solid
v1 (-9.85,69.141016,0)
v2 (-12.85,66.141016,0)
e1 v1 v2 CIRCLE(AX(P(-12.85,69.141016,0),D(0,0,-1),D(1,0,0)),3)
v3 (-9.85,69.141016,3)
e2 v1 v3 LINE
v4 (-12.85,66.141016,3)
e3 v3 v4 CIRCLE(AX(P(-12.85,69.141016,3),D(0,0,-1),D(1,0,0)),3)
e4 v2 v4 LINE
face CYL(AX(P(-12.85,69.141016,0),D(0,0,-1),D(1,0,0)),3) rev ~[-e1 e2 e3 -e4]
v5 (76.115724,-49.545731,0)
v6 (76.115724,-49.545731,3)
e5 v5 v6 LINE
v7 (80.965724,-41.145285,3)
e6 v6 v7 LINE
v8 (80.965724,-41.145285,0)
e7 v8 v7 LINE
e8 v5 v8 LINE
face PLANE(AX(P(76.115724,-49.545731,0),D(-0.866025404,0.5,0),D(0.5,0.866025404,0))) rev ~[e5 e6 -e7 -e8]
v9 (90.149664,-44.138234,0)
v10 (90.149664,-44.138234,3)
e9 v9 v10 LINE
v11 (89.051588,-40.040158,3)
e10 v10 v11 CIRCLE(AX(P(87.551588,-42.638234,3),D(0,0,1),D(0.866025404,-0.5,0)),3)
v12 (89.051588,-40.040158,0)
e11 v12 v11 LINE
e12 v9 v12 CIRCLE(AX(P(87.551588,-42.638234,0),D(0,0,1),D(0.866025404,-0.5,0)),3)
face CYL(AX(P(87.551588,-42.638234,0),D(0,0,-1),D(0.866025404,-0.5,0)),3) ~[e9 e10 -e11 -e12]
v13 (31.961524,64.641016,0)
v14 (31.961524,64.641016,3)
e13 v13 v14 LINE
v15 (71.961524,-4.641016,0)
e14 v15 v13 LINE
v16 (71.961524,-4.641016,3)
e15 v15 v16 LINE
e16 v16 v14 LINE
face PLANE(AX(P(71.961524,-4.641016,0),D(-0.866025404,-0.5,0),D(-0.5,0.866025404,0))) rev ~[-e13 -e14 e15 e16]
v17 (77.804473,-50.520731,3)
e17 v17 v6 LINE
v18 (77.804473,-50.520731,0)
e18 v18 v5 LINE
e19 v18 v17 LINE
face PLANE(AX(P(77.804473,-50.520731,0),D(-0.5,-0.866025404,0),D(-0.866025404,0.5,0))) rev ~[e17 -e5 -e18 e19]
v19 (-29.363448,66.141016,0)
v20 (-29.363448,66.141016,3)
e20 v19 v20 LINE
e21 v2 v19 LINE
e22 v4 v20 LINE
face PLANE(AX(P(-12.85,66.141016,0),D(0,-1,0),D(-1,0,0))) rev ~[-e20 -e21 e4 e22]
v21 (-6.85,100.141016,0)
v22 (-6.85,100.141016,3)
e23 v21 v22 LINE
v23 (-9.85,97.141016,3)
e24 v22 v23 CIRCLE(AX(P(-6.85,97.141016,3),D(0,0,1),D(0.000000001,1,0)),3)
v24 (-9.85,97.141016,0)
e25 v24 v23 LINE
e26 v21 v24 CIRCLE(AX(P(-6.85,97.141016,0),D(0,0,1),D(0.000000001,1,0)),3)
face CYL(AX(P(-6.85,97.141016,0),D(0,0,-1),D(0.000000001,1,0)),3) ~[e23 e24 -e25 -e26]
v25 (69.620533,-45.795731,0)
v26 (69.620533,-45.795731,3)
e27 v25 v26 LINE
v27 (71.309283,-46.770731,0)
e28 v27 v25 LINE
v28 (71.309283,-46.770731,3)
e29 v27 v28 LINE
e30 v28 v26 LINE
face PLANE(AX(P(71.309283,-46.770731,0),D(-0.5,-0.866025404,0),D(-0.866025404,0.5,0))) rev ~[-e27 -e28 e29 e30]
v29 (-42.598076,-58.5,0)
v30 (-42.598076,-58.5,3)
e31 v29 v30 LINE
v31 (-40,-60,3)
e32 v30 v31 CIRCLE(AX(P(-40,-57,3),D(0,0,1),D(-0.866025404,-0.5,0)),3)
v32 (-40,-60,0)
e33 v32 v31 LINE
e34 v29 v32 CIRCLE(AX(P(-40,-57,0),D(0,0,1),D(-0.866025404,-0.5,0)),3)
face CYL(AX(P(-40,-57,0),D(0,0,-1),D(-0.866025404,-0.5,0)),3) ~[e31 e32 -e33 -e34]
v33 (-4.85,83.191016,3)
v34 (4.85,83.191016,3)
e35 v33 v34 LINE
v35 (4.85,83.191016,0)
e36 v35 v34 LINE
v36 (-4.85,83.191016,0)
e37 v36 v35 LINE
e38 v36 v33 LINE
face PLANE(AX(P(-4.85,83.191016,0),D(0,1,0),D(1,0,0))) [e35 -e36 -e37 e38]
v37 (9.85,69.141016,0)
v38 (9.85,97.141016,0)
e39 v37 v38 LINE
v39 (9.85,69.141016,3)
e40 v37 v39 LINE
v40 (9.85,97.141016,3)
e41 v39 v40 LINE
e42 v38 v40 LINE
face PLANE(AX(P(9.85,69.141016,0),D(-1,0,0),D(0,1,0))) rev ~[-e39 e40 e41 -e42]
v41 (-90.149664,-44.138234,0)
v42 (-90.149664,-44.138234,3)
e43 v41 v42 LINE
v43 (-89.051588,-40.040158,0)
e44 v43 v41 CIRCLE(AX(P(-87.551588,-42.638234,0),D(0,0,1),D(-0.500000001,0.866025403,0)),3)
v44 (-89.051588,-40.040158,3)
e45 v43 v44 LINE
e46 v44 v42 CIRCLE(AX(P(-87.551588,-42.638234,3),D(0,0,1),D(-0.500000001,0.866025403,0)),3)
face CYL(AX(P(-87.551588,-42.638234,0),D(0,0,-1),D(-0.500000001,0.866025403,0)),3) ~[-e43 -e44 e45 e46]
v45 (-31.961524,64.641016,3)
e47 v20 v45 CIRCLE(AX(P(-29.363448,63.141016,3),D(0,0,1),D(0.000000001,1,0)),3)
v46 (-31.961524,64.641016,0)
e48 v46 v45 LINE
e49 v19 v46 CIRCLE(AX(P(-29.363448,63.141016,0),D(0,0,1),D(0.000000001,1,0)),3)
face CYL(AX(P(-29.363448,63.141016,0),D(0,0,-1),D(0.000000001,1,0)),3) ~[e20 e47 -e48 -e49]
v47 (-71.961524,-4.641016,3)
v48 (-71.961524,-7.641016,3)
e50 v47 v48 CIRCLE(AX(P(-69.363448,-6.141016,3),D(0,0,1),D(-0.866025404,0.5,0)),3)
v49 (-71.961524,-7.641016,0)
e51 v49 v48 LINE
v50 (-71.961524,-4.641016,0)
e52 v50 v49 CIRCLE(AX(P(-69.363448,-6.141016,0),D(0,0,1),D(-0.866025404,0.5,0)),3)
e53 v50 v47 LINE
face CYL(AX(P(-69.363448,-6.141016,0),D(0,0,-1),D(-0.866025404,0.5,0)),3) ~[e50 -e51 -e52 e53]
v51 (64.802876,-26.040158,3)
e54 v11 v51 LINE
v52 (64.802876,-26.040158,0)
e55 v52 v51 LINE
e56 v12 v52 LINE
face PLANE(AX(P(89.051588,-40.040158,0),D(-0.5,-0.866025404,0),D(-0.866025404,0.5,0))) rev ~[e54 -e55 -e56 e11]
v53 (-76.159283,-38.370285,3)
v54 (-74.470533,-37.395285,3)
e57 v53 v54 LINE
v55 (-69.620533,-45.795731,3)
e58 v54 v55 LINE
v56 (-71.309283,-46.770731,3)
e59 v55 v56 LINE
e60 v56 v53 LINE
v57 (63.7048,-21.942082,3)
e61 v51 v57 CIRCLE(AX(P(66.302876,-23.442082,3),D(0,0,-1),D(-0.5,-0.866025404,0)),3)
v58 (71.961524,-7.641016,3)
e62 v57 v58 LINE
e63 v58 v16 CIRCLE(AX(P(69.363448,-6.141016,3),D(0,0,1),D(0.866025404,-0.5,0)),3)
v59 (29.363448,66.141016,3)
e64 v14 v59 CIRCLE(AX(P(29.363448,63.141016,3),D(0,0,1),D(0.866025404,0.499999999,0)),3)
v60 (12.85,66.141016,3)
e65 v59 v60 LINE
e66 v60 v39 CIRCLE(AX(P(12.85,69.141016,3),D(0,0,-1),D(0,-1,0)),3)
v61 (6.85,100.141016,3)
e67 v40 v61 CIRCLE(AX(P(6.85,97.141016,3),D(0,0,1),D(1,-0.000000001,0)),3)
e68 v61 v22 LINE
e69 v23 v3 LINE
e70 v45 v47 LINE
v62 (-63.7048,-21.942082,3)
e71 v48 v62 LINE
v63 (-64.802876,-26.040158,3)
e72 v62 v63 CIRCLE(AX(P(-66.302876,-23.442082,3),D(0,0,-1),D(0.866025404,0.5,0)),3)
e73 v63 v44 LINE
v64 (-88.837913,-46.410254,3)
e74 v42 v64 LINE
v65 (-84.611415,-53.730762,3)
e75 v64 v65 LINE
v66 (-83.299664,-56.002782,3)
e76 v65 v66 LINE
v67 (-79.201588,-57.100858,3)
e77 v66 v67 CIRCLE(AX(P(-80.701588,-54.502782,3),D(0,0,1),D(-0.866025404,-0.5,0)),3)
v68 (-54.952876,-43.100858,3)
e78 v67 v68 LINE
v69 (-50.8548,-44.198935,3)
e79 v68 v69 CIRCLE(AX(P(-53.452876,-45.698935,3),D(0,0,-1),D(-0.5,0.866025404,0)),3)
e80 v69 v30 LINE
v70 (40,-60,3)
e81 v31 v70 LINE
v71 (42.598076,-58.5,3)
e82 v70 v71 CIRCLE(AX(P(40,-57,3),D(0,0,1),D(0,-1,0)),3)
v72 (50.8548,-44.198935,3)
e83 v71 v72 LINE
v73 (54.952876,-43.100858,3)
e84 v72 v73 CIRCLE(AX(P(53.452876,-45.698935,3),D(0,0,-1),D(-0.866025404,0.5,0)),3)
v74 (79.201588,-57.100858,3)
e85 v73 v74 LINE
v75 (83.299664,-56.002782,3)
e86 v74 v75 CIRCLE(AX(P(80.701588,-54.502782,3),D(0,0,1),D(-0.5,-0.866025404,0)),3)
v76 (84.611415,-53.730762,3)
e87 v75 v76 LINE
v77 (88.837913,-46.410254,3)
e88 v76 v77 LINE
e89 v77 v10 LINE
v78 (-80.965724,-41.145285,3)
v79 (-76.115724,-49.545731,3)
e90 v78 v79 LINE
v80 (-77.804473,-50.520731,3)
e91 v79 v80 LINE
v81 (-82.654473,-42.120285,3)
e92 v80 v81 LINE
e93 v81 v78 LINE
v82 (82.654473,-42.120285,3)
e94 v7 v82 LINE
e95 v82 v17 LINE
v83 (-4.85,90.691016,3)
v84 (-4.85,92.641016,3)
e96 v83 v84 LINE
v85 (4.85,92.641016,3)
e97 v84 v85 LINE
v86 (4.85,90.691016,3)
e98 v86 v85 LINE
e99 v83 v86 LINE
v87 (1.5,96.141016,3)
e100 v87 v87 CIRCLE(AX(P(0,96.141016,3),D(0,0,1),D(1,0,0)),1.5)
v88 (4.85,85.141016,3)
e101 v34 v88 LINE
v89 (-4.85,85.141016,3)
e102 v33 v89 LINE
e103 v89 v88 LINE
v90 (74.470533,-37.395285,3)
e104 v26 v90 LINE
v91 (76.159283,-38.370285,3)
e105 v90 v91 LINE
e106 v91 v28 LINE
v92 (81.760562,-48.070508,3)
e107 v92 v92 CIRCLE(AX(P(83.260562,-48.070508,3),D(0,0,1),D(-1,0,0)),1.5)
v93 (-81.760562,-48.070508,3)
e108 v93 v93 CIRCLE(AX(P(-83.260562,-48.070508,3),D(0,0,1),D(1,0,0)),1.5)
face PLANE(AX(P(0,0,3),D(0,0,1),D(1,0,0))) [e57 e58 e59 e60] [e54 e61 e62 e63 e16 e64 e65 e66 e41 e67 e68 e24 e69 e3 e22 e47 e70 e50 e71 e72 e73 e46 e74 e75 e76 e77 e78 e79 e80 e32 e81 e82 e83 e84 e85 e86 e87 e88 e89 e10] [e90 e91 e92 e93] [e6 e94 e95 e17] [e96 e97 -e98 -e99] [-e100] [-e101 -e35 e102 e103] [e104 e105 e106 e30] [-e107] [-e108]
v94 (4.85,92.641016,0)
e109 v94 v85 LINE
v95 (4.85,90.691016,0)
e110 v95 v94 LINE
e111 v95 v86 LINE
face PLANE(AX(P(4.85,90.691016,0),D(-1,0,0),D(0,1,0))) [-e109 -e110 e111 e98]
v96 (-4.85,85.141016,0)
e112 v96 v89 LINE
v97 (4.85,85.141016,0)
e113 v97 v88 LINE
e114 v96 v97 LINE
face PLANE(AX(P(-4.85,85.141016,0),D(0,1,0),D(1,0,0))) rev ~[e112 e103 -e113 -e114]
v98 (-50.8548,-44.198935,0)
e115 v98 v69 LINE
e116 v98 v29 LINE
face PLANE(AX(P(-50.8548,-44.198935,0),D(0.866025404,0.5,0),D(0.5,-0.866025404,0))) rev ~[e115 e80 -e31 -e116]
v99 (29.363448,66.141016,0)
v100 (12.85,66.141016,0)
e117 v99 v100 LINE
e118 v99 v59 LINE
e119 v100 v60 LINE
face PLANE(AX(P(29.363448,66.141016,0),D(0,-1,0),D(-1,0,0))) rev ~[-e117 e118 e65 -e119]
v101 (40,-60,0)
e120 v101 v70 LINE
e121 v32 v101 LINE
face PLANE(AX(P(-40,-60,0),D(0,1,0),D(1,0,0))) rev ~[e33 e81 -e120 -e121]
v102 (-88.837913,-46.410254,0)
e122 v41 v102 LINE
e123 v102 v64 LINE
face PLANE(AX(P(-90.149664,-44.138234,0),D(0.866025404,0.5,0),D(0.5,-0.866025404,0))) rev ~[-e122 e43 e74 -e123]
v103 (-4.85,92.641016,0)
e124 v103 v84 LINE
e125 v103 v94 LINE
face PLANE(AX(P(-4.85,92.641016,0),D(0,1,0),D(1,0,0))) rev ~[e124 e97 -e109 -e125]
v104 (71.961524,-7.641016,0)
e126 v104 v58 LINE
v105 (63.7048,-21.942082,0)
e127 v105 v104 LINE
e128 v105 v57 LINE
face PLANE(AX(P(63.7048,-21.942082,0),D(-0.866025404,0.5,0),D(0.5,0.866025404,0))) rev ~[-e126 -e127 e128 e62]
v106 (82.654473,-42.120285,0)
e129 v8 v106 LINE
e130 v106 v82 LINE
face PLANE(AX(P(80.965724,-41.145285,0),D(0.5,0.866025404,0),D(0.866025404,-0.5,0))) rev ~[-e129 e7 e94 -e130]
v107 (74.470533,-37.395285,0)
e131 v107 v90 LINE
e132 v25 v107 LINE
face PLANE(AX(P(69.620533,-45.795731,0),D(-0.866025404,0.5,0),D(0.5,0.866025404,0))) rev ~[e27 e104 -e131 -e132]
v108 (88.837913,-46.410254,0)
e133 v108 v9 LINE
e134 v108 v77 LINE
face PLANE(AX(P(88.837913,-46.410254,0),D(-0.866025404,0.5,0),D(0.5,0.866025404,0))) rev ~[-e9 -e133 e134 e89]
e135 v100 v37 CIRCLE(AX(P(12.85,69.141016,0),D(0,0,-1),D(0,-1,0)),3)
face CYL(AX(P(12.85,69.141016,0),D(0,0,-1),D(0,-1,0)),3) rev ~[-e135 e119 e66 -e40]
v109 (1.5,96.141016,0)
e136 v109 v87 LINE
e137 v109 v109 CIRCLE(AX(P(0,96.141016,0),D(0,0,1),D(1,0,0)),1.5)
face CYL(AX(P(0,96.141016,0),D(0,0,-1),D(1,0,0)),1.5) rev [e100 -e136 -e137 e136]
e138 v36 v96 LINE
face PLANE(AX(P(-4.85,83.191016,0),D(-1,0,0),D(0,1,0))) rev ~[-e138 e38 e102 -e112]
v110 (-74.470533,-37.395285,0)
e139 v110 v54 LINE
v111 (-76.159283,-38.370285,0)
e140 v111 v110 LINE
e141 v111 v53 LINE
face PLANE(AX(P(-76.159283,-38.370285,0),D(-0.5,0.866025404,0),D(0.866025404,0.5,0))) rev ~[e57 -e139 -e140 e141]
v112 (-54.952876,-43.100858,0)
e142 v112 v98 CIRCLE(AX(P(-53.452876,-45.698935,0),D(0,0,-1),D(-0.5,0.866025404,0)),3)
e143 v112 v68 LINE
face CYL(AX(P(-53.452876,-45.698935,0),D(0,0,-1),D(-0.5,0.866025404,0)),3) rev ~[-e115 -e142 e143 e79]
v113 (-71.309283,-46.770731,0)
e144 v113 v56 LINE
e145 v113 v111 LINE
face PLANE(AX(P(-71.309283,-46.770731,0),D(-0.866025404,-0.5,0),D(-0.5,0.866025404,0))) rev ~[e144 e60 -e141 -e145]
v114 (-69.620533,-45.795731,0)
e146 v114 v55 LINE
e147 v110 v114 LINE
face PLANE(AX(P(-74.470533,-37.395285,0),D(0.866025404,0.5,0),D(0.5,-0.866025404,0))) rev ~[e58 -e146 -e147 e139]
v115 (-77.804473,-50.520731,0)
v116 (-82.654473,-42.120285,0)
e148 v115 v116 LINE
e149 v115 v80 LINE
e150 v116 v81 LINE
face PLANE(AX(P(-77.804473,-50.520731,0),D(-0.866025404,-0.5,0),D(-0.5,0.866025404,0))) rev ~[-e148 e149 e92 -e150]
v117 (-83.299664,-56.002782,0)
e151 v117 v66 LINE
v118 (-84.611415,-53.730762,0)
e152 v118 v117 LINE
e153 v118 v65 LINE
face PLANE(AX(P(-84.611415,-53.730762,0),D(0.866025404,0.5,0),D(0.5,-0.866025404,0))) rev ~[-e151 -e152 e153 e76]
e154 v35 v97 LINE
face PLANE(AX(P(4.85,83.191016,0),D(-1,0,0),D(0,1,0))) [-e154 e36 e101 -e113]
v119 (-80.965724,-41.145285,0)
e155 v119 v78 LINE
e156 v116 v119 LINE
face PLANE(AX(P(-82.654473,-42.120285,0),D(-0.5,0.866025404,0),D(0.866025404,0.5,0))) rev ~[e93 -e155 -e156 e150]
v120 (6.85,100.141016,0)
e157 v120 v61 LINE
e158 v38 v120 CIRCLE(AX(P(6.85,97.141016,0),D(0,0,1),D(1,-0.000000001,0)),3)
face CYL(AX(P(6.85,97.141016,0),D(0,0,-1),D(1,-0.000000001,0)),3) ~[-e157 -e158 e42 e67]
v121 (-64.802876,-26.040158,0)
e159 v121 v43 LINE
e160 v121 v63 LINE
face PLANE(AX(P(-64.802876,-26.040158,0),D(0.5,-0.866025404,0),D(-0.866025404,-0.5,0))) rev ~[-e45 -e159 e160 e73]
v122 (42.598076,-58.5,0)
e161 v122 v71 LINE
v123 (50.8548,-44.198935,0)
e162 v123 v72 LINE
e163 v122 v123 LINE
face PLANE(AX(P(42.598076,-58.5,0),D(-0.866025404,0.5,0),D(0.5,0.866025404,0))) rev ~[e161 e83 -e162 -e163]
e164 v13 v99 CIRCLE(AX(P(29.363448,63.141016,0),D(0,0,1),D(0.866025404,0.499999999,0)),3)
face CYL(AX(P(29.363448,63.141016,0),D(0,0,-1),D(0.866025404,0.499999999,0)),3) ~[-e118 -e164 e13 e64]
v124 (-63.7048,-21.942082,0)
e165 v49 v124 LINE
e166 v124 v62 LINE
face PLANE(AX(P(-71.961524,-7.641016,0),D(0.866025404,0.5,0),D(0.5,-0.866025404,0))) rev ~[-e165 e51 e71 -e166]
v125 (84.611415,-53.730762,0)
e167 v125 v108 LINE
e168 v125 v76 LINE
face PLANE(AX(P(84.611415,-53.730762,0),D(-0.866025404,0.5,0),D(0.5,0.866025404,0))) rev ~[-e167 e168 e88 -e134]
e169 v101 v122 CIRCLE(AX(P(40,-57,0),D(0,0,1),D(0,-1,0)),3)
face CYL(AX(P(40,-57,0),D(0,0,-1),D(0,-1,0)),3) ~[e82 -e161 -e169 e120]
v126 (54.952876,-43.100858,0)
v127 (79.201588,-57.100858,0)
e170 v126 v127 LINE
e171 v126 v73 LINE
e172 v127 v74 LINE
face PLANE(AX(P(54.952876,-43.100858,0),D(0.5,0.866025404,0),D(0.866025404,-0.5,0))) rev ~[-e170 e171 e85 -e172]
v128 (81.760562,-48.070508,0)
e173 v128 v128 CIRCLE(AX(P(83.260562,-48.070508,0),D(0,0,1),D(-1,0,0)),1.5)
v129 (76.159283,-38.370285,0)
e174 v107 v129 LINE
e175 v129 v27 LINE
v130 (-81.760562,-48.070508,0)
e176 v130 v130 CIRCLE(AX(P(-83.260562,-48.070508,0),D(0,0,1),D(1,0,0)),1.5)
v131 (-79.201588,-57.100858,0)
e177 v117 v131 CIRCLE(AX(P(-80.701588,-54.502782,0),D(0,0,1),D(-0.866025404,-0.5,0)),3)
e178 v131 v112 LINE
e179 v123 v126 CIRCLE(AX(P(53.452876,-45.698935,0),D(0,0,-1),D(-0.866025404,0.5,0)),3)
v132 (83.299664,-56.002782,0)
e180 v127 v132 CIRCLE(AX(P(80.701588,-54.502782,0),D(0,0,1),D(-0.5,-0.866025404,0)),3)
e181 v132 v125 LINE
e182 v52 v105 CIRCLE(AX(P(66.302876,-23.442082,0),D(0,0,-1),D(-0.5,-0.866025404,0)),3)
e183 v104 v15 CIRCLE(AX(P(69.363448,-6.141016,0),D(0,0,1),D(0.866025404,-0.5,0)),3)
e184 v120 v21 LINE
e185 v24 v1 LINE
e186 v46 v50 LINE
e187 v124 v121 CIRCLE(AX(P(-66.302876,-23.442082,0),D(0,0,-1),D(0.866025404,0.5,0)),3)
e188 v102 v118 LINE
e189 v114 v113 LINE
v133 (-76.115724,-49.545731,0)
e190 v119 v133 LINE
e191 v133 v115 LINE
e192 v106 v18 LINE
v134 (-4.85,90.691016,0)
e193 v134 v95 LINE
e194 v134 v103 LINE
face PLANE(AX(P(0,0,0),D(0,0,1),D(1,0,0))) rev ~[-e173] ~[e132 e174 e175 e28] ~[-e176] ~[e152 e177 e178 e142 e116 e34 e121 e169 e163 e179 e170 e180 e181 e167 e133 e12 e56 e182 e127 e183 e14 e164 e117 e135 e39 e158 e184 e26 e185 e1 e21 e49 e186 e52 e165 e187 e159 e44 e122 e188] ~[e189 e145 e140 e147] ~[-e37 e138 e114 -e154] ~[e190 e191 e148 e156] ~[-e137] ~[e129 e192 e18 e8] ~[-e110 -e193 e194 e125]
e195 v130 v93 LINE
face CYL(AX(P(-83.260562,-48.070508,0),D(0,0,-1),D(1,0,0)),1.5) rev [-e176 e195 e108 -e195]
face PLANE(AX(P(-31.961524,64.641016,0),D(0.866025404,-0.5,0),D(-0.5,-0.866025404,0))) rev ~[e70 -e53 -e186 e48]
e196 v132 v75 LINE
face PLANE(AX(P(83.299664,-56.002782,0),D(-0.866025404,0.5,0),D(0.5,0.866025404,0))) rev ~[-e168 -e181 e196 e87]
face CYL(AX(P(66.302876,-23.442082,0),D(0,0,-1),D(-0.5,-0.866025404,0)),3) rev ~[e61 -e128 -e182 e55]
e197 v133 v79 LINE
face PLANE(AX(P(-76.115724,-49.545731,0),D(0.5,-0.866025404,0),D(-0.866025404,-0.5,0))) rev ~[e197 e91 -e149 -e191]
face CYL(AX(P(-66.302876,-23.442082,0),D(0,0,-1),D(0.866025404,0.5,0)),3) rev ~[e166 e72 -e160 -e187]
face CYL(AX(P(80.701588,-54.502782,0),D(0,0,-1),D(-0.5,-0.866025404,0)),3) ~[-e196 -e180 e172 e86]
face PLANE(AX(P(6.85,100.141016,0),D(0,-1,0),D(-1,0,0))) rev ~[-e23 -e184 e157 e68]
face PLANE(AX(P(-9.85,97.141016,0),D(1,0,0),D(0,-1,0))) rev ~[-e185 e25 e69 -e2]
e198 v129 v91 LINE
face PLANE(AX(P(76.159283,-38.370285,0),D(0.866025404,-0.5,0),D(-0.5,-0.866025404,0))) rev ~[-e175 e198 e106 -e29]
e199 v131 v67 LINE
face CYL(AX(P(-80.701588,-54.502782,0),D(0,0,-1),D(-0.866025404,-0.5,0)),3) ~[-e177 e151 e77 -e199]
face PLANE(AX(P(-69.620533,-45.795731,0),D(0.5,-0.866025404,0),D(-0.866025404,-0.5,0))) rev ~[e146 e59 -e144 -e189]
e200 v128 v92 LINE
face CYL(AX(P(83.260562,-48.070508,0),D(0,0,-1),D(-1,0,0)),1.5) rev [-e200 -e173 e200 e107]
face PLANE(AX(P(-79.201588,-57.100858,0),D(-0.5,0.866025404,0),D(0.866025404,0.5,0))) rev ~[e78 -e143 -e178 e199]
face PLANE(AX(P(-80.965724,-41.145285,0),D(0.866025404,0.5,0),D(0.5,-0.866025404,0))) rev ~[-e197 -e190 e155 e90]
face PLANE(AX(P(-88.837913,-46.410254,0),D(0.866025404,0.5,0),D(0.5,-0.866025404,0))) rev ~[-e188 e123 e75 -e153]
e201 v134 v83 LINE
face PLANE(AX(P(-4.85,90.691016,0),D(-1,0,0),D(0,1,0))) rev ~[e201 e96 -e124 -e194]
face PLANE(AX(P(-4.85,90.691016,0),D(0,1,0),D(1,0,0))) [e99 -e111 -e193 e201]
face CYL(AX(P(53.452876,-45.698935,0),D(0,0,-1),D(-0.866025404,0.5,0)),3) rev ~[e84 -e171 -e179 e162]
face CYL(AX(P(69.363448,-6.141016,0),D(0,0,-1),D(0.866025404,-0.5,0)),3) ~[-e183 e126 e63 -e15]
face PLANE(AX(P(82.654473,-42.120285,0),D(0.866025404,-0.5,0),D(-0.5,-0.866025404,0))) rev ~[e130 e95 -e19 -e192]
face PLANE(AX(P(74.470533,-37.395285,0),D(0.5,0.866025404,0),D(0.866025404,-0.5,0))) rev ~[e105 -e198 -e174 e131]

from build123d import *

# Parameters (mm, degrees)
SKETCH_1_R      = 1.5
SKETCH_1_W      = 9.7
SKETCH_1_H      = 1.95
EXTRUDE_3_DEPTH = 3


with BuildPart() as part:
    # Эскиз1 → Бобышка-Вытянуть3 (new body)
    with BuildSketch(Plane.XY):
        with BuildLine():
            Line((-88.837912602, -46.410254038), (-84.611415294, -53.730762114))
            Line((-84.611415294, -53.730762114), (-83.299663948, -56.002782092))
            ThreePointArc((-83.299663948, -56.002782092), (-81.478044872, -57.40055957), (-79.201587737, -57.100858303))
            Line((-79.201587737, -57.100858303), (-54.952876431, -43.100858303))
            ThreePointArc((-54.952876431, -43.100858303), (-52.676419295, -42.801157035), (-50.854800219, -44.198934514))
            Line((-50.854800219, -44.198934514), (-42.598076211, -58.5))
            ThreePointArc((-42.598076211, -58.5), (-41.5, -59.598076211), (-40, -60))
            Line((-40, -60), (40, -60))
            ThreePointArc((40, -60), (41.5, -59.598076211), (42.598076211, -58.5))
            Line((42.598076211, -58.5), (50.854800219, -44.198934514))
            ThreePointArc((50.854800219, -44.198934514), (52.676419295, -42.801157035), (54.952876431, -43.100858303))
            Line((54.952876431, -43.100858303), (79.201587737, -57.100858303))
            ThreePointArc((79.201587737, -57.100858303), (81.478044872, -57.40055957), (83.299663948, -56.002782092))
            Line((83.299663948, -56.002782092), (84.611415294, -53.730762114))
            Line((84.611415294, -53.730762114), (88.837912602, -46.410254038))
            Line((88.837912602, -46.410254038), (90.149663948, -44.13823406))
            ThreePointArc((90.149663948, -44.13823406), (90.449365215, -41.861776924), (89.051587737, -40.040157848))
            Line((89.051587737, -40.040157848), (64.802876431, -26.040157848))
            ThreePointArc((64.802876431, -26.040157848), (63.405098952, -24.218538772), (63.704800219, -21.942081637))
            Line((63.704800219, -21.942081637), (71.961524227, -7.641016151))
            ThreePointArc((71.961524227, -7.641016151), (72.363448016, -6.141016151), (71.961524227, -4.641016151))
            Line((71.961524227, -4.641016151), (31.961524227, 64.641016151))
            ThreePointArc((31.961524227, 64.641016151), (30.863448016, 65.739092363), (29.363448016, 66.141016151))
            Line((29.363448016, 66.141016151), (12.85, 66.141016151))
            ThreePointArc((12.85, 66.141016151), (10.728679656, 67.019695808), (9.85, 69.141016151))
            Line((9.85, 69.141016151), (9.85, 97.141016151))
            ThreePointArc((9.85, 97.141016151), (8.971320344, 99.262336495), (6.85, 100.141016151))
            Line((6.85, 100.141016151), (4.226497308, 100.141016151))
            Line((4.226497308, 100.141016151), (-4.226497308, 100.141016151))
            Line((-4.226497308, 100.141016151), (-6.85, 100.141016151))
            ThreePointArc((-6.85, 100.141016151), (-8.971320344, 99.262336495), (-9.85, 97.141016151))
            Line((-9.85, 97.141016151), (-9.85, 69.141016151))
            ThreePointArc((-9.85, 69.141016151), (-10.728679656, 67.019695808), (-12.85, 66.141016151))
            Line((-12.85, 66.141016151), (-29.363448016, 66.141016151))
            ThreePointArc((-29.363448016, 66.141016151), (-30.863448016, 65.739092363), (-31.961524227, 64.641016151))
            Line((-31.961524227, 64.641016151), (-71.961524227, -4.641016151))
            ThreePointArc((-71.961524227, -4.641016151), (-72.363448016, -6.141016151), (-71.961524227, -7.641016151))
            Line((-71.961524227, -7.641016151), (-63.704800219, -21.942081637))
            ThreePointArc((-63.704800219, -21.942081637), (-63.405098952, -24.218538772), (-64.802876431, -26.040157848))
            Line((-64.802876431, -26.040157848), (-89.051587737, -40.040157848))
            ThreePointArc((-89.051587737, -40.040157848), (-90.449365215, -41.861776924), (-90.149663948, -44.13823406))
            Line((-90.149663948, -44.13823406), (-88.837912602, -46.410254038))
        make_face()
        with Locations((-83.260562333, -48.070508076)):
            Circle(SKETCH_1_R, mode=Mode.SUBTRACT)
        with Locations(Location((83.260562333, -48.070508076, 0), (0, 0, 180))):
            Circle(SKETCH_1_R, mode=Mode.SUBTRACT)
        with Locations((0, 96.141016151)):
            Circle(SKETCH_1_R, mode=Mode.SUBTRACT)
        Polygon((-77.804473419, -50.520731284), (-82.654473419, -42.120284867), (-80.965723882, -41.145284867), (-76.115723882, -49.545731284), align=None, mode=Mode.SUBTRACT)
        Polygon((-71.309282891, -46.770731284), (-76.159282891, -38.370284867), (-74.470533354, -37.395284867), (-69.620533354, -45.795731284), align=None, mode=Mode.SUBTRACT)
        Polygon((69.620533354, -45.795731284), (74.470533354, -37.395284867), (76.159282891, -38.370284867), (71.309282891, -46.770731284), align=None, mode=Mode.SUBTRACT)
        Polygon((76.115723882, -49.545731284), (80.965723882, -41.145284867), (82.654473419, -42.120284867), (77.804473419, -50.520731284), align=None, mode=Mode.SUBTRACT)
        with Locations((0, 91.666016151)):
            Rectangle(SKETCH_1_W, SKETCH_1_H, mode=Mode.SUBTRACT)
        with Locations((0, 84.166016151)):
            Rectangle(SKETCH_1_W, SKETCH_1_H, mode=Mode.SUBTRACT)
    extrude(amount=EXTRUDE_3_DEPTH)


solid = part.part
